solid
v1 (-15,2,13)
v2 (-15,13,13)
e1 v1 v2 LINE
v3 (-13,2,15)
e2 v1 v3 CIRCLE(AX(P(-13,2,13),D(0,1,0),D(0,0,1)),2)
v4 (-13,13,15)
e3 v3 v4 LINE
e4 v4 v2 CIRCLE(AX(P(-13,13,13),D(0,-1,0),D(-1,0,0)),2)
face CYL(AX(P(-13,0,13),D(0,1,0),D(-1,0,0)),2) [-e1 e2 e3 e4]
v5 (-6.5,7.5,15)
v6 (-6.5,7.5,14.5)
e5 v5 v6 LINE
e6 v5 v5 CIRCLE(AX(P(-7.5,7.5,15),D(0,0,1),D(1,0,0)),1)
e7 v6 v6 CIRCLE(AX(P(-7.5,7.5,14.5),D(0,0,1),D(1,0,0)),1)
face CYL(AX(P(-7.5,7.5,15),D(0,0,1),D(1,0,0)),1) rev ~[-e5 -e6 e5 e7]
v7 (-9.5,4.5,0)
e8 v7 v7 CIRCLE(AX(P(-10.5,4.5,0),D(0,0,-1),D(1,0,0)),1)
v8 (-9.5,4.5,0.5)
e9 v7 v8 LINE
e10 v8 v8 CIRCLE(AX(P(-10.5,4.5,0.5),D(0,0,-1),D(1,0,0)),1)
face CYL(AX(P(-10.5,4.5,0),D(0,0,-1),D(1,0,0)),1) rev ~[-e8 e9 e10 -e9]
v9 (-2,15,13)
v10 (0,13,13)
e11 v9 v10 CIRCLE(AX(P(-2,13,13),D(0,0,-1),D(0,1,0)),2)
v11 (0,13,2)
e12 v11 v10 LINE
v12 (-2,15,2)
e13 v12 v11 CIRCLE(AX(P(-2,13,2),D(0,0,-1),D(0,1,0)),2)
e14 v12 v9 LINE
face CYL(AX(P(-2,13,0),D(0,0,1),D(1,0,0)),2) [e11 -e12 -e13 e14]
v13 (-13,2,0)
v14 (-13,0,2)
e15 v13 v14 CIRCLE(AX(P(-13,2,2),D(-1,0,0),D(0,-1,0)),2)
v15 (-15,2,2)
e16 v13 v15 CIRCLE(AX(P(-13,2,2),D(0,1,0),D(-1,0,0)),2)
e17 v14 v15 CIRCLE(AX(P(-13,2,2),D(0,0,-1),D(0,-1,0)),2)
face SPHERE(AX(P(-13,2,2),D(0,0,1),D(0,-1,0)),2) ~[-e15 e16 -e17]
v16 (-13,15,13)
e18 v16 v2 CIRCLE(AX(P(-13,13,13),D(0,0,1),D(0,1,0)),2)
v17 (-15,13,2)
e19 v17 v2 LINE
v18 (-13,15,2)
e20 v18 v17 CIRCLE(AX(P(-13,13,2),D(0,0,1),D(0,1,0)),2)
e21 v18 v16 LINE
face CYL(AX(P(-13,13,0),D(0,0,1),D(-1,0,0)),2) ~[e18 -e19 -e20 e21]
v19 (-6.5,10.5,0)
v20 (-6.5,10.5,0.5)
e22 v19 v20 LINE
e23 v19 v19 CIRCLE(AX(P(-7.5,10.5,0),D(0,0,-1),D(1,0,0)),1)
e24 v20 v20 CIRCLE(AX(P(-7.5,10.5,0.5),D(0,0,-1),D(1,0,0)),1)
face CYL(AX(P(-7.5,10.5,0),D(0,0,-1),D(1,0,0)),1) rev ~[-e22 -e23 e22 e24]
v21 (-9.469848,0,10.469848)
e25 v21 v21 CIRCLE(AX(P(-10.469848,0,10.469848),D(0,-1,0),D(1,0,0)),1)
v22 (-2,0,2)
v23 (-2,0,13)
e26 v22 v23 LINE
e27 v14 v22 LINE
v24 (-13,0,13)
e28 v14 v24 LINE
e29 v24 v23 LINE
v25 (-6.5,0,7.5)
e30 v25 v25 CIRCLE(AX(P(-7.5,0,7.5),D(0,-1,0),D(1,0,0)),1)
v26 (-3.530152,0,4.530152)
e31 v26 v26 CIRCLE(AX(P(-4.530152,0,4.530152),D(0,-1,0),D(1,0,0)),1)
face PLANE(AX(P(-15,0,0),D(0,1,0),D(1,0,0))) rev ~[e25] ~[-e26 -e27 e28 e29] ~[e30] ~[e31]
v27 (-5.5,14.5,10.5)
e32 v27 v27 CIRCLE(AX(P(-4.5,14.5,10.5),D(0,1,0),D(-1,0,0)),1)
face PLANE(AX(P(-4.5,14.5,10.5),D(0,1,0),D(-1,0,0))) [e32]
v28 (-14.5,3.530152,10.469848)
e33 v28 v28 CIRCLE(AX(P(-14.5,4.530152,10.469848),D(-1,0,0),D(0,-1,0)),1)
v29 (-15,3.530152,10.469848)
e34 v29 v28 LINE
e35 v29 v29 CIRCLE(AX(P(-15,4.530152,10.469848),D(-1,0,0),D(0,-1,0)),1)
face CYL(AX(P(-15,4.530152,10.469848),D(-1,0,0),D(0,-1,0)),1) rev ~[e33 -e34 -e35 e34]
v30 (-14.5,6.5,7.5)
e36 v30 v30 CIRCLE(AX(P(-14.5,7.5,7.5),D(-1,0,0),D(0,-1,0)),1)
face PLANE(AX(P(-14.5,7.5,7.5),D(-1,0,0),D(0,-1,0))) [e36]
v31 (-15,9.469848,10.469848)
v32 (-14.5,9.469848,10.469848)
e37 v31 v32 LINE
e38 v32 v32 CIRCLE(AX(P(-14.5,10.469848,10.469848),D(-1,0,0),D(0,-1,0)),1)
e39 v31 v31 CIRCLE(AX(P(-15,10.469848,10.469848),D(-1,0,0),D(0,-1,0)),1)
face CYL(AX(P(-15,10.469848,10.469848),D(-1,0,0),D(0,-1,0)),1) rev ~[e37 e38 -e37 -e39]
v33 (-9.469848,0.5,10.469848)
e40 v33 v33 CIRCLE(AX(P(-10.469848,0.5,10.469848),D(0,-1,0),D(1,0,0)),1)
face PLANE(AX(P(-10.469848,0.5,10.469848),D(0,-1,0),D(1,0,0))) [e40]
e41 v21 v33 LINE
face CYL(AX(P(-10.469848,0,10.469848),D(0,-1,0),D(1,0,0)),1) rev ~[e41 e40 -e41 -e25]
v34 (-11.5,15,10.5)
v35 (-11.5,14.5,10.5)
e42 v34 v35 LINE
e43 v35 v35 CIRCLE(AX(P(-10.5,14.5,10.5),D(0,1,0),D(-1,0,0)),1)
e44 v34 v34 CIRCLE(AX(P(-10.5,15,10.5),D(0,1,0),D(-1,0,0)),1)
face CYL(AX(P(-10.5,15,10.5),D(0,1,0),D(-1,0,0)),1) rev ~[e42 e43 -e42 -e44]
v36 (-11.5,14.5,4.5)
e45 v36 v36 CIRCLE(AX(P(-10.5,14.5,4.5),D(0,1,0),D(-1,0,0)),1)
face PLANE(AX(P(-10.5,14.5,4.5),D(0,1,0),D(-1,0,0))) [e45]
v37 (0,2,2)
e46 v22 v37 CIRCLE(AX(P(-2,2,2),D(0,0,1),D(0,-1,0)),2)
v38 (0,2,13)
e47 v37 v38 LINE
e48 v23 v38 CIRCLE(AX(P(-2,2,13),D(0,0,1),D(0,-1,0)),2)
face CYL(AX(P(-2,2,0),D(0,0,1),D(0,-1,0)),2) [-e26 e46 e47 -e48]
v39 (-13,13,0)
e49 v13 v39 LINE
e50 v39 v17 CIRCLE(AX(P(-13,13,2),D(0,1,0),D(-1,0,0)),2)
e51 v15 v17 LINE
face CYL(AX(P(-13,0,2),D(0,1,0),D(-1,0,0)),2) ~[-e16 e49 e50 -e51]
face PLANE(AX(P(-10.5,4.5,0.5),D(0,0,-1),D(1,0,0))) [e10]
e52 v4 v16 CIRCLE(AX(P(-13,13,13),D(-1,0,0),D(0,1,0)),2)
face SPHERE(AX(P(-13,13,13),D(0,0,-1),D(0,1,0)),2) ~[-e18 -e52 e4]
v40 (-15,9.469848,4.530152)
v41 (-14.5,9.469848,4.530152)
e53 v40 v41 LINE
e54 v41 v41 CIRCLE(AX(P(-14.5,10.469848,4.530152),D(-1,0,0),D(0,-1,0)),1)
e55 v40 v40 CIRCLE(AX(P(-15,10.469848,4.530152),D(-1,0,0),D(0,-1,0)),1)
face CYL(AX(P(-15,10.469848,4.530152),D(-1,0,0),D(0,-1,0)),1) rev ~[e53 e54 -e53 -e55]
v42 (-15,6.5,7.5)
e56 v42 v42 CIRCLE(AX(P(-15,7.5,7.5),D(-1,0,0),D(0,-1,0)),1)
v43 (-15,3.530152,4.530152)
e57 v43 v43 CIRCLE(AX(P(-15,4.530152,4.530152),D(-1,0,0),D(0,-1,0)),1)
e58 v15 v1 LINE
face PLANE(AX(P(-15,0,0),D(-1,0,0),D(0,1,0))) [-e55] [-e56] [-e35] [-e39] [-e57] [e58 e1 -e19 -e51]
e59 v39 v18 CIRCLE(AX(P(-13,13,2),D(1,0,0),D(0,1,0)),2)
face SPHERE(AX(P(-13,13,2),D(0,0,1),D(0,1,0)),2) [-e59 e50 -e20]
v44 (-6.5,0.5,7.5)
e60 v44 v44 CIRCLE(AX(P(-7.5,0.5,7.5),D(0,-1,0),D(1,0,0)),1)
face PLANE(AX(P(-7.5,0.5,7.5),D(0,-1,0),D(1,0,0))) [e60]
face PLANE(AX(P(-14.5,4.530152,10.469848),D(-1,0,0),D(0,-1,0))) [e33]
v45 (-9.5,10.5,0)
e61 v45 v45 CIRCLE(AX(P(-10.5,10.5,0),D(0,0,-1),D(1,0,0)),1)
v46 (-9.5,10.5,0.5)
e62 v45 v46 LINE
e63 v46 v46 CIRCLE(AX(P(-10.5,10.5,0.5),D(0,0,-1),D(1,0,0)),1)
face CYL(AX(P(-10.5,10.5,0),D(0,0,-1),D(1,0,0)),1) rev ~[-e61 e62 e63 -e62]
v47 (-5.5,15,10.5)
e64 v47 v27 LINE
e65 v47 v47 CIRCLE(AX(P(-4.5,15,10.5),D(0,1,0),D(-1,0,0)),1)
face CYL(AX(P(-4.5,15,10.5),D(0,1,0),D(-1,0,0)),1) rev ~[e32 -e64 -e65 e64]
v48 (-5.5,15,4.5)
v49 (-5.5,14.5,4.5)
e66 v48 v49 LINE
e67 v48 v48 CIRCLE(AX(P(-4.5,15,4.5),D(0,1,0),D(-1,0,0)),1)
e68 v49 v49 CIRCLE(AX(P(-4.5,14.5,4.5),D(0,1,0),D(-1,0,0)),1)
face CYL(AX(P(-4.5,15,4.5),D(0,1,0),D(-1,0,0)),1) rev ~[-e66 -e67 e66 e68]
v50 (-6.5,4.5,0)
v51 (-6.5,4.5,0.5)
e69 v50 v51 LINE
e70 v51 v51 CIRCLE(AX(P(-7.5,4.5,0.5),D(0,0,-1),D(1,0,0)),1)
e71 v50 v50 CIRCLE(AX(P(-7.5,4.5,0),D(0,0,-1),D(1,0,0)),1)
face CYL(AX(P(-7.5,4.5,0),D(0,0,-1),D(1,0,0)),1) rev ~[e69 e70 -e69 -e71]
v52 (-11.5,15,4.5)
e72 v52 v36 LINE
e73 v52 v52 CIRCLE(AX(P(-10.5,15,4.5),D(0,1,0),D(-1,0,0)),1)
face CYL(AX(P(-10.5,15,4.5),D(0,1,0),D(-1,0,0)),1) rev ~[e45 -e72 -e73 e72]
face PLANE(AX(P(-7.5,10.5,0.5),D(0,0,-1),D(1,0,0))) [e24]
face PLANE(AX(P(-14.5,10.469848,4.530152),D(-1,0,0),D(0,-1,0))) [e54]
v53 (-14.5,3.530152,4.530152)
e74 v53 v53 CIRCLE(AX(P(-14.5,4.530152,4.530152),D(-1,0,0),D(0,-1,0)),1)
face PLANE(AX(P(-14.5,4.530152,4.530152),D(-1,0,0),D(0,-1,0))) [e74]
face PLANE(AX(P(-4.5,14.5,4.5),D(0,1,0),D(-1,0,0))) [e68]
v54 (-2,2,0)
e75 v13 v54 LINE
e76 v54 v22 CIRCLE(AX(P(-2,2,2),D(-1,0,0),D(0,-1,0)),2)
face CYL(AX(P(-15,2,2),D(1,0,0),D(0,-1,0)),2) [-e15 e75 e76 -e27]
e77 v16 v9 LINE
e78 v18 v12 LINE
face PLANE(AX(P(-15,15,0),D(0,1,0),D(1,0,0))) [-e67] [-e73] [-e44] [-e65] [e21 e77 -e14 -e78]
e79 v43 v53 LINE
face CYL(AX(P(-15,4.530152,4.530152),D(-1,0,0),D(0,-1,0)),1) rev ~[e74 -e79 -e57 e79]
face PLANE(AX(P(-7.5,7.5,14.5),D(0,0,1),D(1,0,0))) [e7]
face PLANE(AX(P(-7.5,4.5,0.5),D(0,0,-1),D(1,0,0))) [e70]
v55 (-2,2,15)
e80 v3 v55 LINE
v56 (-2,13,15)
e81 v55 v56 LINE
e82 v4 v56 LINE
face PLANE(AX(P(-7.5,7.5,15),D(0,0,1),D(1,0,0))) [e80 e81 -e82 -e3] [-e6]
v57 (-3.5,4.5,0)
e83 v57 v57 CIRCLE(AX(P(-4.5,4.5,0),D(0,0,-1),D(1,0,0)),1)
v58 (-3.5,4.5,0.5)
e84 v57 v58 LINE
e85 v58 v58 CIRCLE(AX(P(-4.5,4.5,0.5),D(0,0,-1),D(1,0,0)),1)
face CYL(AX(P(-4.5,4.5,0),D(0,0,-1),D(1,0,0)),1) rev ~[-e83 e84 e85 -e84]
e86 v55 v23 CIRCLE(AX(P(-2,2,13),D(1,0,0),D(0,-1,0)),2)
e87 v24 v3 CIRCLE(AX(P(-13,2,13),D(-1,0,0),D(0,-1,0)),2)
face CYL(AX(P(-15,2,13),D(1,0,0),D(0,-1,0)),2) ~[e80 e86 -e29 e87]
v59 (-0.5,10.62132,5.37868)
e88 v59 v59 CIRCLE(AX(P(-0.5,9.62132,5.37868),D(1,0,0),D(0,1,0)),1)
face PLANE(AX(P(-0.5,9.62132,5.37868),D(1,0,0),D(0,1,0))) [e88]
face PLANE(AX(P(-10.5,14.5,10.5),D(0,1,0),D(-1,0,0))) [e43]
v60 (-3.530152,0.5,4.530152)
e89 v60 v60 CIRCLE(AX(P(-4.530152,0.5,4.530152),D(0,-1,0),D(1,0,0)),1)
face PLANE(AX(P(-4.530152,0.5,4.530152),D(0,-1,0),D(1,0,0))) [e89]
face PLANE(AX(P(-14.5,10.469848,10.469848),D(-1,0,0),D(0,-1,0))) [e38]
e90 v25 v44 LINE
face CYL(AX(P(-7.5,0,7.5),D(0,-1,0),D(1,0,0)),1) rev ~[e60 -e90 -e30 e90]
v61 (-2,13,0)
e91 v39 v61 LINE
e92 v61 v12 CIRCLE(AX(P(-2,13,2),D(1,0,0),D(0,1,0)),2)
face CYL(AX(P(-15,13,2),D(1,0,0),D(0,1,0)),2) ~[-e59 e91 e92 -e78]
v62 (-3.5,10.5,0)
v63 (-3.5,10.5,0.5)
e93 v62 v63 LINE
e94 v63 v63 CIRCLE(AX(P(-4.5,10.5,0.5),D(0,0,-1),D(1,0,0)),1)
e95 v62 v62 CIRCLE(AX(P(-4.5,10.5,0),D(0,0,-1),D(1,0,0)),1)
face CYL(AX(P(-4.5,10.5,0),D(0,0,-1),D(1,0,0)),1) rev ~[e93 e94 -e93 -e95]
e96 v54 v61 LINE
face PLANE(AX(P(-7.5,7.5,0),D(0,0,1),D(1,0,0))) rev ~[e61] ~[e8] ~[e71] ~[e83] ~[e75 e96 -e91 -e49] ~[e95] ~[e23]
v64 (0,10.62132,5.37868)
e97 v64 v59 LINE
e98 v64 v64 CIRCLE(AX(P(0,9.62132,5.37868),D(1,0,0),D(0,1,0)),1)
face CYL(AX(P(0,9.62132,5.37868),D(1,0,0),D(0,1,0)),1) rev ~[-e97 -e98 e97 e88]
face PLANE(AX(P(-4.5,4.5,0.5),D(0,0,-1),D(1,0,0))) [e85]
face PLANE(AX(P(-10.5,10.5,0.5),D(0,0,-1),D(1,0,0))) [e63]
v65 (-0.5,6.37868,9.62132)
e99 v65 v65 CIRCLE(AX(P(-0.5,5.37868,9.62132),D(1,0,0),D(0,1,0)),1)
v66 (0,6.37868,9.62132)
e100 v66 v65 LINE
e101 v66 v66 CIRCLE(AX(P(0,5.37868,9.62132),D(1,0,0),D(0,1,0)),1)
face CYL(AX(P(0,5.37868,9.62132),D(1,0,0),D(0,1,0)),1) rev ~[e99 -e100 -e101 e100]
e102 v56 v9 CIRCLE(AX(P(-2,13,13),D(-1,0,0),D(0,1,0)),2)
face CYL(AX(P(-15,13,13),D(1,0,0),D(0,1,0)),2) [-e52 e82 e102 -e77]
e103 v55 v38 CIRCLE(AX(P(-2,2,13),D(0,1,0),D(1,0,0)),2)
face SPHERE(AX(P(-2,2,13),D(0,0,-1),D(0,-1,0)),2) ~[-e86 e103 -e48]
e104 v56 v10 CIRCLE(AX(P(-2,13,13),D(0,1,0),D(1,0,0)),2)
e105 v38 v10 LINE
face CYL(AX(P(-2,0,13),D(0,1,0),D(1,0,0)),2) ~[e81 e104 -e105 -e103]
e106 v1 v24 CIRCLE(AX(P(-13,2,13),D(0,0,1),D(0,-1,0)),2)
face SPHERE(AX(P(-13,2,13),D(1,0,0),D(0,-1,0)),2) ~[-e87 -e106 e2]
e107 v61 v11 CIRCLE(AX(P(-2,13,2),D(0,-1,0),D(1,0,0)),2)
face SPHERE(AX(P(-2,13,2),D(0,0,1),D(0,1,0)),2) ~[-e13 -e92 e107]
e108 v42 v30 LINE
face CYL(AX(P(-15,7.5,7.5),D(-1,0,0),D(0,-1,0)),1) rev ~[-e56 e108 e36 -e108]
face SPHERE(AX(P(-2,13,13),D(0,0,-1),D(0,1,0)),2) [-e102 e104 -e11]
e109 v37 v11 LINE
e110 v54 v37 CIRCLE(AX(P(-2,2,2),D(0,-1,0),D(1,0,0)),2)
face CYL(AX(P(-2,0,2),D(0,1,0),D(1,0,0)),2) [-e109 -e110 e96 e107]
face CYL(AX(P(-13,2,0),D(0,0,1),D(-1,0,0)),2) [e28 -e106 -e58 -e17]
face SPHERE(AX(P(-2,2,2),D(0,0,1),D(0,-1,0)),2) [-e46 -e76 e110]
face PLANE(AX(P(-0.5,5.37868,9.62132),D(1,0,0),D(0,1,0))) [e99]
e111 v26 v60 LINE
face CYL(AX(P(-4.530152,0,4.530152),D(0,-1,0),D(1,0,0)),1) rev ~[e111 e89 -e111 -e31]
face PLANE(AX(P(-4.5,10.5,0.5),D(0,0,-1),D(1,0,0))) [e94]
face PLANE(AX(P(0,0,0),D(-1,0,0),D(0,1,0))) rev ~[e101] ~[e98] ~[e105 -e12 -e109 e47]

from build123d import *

# Parameters (mm, degrees)
F0_W      = 15
F0_H      = 15
F1_DEPTH  = 15
F2_R      = 2
F3_R      = 1
F4_DEPTH  = 0.5
F5_R      = 1
F6_DEPTH  = 0.5
F7_R      = 1
F8_DEPTH  = 0.5
F9_R      = 1
F10_DEPTH = 0.5
F11_R     = 1
F12_DEPTH = 0.5
F13_R     = 1
F14_DEPTH = 0.5


with BuildPart() as f1:
    # F0 (on Top) → F1 (new body)
    with BuildSketch(Plane.XY):
        with Locations((-7.5, 7.5)):
            Rectangle(F0_W, F0_H)
    extrude(amount=F1_DEPTH)

    # F2
    f2_edges = [f1.edges().sort_by_distance(p)[0] for p in [
        (-15, 15, 7.5),
        (0, 15, 7.5),
        (0, 0, 7.5),
        (-7.5, 0, 15),
        (-7.5, 15, 0),
        (-7.5, 15, 15),
        (-15, 0, 7.5),
        (-7.5, 0, 0),
        (0, 7.5, 0),
        (0, 7.5, 15),
        (-15, 7.5, 0),
        (-15, 7.5, 15),
    ]]
    fillet(f2_edges, radius=F2_R)

    # F3 (on face) → F4 (cut)
    with BuildSketch(Plane.XY.offset(15)):
        with Locations((-7.5, 7.5)):
            Circle(F3_R)
    extrude(amount=-F4_DEPTH, mode=Mode.SUBTRACT)

    # F5 (on face) → F6 (cut)
    with BuildSketch(Plane(origin=(0, 0, 0), x_dir=(1, 0, 0), z_dir=(0, 0, -1))):
        with Locations((-4.5, -10.5)):
            Circle(F5_R)
        with Locations((-7.5, -10.5)):
            Circle(F5_R)
        with Locations((-10.5, -10.5)):
            Circle(F5_R)
        with Locations((-10.5, -4.5)):
            Circle(F5_R)
        with Locations((-7.5, -4.5)):
            Circle(F5_R)
        with Locations((-4.5, -4.5)):
            Circle(F5_R)
    extrude(amount=-F6_DEPTH, mode=Mode.SUBTRACT)

    # F7 (on face) → F8 (cut)
    with BuildSketch(Plane(origin=(0, 15, 0), x_dir=(-1, 0, 0), z_dir=(0, 1, 0))):
        with Locations((10.5, 10.5)):
            Circle(F7_R)
        with Locations((4.5, 10.5)):
            Circle(F7_R)
        with Locations((4.5, 4.5)):
            Circle(F7_R)
        with Locations((10.5, 4.5)):
            Circle(F7_R)
    extrude(amount=-F8_DEPTH, mode=Mode.SUBTRACT)

    # F9 (on face) → F10 (cut)
    with BuildSketch(Plane.XZ):
        with Locations((-10.469848, 10.469848)):
            Circle(F9_R)
        with Locations((-7.5, 7.5)):
            Circle(F9_R)
        with Locations((-4.530152, 4.530152)):
            Circle(F9_R)
    extrude(amount=-F10_DEPTH, mode=Mode.SUBTRACT)

    # F11 (on face) → F12 (cut)
    with BuildSketch(Plane.YZ):
        with Locations((5.37868, 9.62132)):
            Circle(F11_R)
        with Locations((9.62132, 5.37868)):
            Circle(F11_R)
    extrude(amount=-F12_DEPTH, mode=Mode.SUBTRACT)

    # F13 (on face) → F14 (cut)
    with BuildSketch(Plane(origin=(-15, 0, 0), x_dir=(0, -1, 0), z_dir=(-1, 0, 0))):
        with Locations((-10.469848, 10.469848)):
            Circle(F13_R)
        with Locations((-4.530152, 10.469848)):
            Circle(F13_R)
        with Locations((-7.5, 7.5)):
            Circle(F13_R)
        with Locations((-10.469848, 4.530152)):
            Circle(F13_R)
        with Locations((-4.530152, 4.530152)):
            Circle(F13_R)
    extrude(amount=-F14_DEPTH, mode=Mode.SUBTRACT)


solid = f1.part
